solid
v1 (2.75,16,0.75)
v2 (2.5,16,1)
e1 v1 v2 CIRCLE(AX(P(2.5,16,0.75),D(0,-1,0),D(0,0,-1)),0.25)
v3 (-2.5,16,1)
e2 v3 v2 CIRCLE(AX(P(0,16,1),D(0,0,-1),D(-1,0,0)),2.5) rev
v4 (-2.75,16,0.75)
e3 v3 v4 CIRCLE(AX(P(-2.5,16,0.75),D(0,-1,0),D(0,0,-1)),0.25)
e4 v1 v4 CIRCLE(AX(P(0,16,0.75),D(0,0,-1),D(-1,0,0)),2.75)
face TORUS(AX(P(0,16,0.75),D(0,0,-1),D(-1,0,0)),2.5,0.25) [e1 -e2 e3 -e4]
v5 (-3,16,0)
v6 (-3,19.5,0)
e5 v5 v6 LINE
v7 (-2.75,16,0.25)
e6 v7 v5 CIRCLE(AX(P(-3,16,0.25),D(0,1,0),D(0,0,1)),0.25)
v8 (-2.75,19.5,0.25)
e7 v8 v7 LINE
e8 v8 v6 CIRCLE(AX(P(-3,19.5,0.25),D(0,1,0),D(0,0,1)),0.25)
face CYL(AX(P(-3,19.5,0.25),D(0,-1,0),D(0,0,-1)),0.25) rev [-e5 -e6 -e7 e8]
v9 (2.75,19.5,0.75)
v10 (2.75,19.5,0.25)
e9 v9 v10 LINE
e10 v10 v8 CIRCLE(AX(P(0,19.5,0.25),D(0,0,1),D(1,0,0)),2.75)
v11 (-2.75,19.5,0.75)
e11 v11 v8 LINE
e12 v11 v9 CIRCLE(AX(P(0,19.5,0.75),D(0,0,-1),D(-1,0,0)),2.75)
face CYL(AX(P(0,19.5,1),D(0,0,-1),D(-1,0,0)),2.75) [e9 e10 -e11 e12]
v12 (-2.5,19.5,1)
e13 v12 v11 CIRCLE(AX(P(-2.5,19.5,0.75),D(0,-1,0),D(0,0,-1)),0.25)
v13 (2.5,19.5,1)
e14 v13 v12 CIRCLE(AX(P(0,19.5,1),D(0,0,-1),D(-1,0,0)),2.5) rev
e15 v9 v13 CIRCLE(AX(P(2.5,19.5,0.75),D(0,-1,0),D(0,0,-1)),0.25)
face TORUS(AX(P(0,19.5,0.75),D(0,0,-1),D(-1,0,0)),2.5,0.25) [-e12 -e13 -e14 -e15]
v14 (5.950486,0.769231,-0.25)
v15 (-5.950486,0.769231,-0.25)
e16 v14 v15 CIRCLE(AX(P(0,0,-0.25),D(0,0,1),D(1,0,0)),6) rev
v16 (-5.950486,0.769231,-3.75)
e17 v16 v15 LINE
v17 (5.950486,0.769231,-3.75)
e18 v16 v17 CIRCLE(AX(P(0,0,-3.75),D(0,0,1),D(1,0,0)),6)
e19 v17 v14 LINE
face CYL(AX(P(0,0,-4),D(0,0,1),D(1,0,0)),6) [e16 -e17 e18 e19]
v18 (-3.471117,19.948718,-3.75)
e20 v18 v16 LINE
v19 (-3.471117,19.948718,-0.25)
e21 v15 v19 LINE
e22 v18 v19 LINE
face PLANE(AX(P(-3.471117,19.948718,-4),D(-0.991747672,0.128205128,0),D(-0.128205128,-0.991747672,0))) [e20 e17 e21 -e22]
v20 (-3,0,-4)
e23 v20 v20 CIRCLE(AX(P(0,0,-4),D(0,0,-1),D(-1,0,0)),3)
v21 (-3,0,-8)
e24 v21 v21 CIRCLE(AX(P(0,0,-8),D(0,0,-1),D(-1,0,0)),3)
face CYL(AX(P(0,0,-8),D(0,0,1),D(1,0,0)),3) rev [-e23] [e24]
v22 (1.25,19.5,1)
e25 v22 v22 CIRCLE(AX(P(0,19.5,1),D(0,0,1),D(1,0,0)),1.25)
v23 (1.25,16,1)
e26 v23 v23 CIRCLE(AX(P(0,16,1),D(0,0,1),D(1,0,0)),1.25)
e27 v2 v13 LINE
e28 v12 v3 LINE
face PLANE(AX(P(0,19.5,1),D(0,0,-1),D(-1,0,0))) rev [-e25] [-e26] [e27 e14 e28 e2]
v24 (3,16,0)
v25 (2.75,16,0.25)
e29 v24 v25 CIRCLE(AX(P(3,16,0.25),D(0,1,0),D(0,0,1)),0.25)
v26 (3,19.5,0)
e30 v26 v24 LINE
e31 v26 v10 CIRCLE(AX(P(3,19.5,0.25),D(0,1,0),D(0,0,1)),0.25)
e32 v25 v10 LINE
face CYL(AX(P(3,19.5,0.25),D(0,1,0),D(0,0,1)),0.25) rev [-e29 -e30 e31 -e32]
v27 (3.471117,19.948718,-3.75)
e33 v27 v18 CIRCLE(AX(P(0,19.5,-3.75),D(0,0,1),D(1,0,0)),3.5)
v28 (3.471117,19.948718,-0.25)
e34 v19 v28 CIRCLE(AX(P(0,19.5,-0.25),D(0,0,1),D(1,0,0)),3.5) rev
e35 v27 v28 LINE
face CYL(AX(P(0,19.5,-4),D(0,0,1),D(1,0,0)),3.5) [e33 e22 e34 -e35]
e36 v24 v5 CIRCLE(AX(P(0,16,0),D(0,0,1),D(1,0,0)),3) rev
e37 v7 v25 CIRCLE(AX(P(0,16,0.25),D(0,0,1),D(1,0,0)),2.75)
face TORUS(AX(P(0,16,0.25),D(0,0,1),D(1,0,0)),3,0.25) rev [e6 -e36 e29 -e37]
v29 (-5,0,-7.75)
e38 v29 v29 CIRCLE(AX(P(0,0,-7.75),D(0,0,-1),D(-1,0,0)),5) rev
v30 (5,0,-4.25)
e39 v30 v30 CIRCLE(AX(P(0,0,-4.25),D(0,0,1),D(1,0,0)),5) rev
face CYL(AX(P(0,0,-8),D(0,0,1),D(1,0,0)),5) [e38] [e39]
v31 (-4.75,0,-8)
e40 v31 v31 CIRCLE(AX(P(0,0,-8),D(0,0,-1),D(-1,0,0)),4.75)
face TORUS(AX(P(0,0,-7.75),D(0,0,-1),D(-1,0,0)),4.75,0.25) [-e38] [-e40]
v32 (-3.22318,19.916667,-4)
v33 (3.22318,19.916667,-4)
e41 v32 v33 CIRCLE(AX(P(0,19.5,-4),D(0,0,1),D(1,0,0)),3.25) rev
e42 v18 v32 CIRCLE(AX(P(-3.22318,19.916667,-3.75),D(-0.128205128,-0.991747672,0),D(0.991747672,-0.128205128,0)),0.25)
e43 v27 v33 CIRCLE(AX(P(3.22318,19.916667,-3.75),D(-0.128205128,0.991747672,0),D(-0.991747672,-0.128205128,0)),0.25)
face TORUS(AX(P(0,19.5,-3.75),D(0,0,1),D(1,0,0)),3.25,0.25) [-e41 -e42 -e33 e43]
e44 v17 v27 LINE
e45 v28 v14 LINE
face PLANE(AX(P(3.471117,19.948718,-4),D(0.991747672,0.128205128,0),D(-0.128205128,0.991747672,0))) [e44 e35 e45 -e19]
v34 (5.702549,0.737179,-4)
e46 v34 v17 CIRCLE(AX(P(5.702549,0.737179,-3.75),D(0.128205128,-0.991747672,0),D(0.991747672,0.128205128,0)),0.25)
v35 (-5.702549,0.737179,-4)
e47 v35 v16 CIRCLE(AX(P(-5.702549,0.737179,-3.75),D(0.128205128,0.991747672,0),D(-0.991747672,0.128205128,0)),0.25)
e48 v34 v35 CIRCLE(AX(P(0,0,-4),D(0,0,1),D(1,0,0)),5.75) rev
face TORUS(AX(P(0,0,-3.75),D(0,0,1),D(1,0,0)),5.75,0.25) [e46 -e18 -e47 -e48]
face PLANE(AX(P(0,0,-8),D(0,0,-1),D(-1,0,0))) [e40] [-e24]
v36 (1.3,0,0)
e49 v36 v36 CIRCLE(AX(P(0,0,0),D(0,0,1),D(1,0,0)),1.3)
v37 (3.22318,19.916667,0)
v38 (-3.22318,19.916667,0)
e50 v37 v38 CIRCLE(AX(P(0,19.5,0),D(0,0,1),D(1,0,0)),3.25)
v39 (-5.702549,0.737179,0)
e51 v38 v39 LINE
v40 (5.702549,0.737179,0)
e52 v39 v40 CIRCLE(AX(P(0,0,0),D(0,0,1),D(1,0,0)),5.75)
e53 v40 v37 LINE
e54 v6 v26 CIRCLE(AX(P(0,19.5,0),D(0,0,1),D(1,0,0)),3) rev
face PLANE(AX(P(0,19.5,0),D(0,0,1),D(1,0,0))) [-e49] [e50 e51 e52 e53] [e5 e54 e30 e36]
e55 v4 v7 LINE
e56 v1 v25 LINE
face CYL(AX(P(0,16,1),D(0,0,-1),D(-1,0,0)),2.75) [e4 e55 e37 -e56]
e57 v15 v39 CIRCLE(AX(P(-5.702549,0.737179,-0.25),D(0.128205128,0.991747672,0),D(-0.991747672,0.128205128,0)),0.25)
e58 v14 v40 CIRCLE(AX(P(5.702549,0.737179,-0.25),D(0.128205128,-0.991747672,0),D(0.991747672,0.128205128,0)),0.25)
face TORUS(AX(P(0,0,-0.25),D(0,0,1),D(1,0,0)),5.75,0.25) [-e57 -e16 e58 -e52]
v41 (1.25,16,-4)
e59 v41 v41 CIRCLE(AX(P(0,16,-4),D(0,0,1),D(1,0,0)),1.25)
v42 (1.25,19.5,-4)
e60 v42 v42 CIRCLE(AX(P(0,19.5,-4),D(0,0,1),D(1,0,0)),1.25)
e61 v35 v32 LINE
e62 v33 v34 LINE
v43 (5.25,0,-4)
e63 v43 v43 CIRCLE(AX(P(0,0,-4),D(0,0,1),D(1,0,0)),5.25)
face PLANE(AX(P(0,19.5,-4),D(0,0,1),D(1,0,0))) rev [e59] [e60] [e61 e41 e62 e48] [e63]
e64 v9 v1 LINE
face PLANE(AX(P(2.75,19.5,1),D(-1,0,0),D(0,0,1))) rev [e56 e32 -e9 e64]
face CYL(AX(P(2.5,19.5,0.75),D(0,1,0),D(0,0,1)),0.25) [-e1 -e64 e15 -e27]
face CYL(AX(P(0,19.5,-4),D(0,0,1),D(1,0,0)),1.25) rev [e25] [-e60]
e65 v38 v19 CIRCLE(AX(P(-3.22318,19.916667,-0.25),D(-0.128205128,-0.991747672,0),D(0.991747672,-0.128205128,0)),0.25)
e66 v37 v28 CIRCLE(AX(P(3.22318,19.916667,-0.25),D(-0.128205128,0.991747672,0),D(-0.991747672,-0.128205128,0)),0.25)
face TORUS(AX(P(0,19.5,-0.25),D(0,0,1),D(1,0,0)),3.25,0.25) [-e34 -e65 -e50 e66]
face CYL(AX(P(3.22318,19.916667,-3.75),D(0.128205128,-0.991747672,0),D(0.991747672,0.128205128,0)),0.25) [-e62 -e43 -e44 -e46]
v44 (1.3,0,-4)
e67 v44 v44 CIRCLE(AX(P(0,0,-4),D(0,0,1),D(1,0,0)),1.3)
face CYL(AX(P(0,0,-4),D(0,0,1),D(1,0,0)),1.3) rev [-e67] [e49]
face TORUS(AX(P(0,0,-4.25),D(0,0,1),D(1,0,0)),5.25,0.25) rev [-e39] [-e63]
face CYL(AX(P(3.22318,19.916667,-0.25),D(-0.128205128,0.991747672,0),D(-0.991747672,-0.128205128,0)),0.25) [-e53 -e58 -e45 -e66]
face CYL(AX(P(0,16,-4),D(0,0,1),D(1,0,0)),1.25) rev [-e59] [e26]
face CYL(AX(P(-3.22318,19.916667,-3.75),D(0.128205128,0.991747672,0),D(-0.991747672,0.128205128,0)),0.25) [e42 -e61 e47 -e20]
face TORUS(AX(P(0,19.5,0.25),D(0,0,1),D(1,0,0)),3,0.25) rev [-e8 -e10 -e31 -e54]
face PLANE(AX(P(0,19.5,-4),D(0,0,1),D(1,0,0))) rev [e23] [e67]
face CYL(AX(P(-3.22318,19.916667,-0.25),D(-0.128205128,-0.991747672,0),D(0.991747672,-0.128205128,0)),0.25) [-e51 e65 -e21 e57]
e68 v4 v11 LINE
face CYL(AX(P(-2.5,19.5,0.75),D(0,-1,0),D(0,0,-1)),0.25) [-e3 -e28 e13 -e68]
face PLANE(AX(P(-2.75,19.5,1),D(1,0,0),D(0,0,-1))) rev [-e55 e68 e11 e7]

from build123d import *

# Parameters (mm, degrees)
SKETCH1_R           = 1.3
BOSS_EXTRUDE1_DEPTH = 4
BOSS_EXTRUDE2_DEPTH = 1
SKETCH3_R           = 5
SKETCH3_R_2         = 3
BOSS_EXTRUDE3_DEPTH = 4
SKETCH4_R           = 1.25
CUT_EXTRUDE1_DEPTH  = 5
FILLET1_R           = 0.25


with BuildPart() as part:
    # Sketch1 → Boss-Extrude1 (new body)
    with BuildSketch(Plane.XY):
        with BuildLine():
            Line((-3.471116852, 19.948717949), (-5.950486033, 0.769230769))
            ThreePointArc((-5.950486033, 0.769230769), (0, -6), (5.950486033, 0.769230769))
            Line((5.950486033, 0.769230769), (3.471116852, 19.948717949))
            ThreePointArc((3.471116852, 19.948717949), (0, 23), (-3.471116852, 19.948717949))
        make_face()
        Circle(SKETCH1_R, mode=Mode.SUBTRACT)
    extrude(amount=-BOSS_EXTRUDE1_DEPTH)

    # Sketch2 → Boss-Extrude2 (add)
    with BuildSketch(Plane.XY):
        with BuildLine():
            Line((-2.75, 19.5), (-2.75, 16))
            ThreePointArc((-2.75, 16), (0, 13.25), (2.75, 16))
            Line((2.75, 16), (2.75, 19.5))
            ThreePointArc((2.75, 19.5), (0, 22.25), (-2.75, 19.5))
        make_face()
    extrude(amount=BOSS_EXTRUDE2_DEPTH)

    # Sketch3 → Boss-Extrude3 (add)
    with BuildSketch(Plane(origin=(0, 0, -4), x_dir=(-1, 0, 0), z_dir=(0, 0, -1))):
        with Locations(Location((0, 0, 0), (0, 0, 180))):
            Circle(SKETCH3_R)
        Circle(SKETCH3_R_2, mode=Mode.SUBTRACT)
    extrude(amount=BOSS_EXTRUDE3_DEPTH)

    # Sketch4 → Cut-Extrude1 (cut)
    with BuildSketch(Plane.XY.offset(1)):
        with Locations((0, 19.5)):
            Circle(SKETCH4_R)
        with Locations((0, 16)):
            Circle(SKETCH4_R)
    extrude(amount=-CUT_EXTRUDE1_DEPTH, mode=Mode.SUBTRACT)

    # Fillet1
    fillet1_edges = [part.edges().sort_by_distance(p)[0] for p in [
        (0, -6, -4),
        (4.710801442, 10.358974359, -4),
        (0, 22.25, 0),
        (-2.75, 17.75, 0),
        (0, 13.25, 0),
        (2.75, 17.75, 0),
        (0, 22.25, 1),
        (-2.75, 17.75, 1),
        (0, 13.25, 1),
        (2.75, 17.75, 1),
        (-5, 0, -4),
        (-5, 0, -8),
        (0, 23, -4),
        (4.710801442, 10.358974359, 0),
        (0, -6, 0),
        (-4.710801442, 10.358974359, 0),
        (0, 23, 0),
        (-4.710801442, 10.358974359, -4),
    ]]
    fillet(fillet1_edges, radius=FILLET1_R)


solid = part.part
